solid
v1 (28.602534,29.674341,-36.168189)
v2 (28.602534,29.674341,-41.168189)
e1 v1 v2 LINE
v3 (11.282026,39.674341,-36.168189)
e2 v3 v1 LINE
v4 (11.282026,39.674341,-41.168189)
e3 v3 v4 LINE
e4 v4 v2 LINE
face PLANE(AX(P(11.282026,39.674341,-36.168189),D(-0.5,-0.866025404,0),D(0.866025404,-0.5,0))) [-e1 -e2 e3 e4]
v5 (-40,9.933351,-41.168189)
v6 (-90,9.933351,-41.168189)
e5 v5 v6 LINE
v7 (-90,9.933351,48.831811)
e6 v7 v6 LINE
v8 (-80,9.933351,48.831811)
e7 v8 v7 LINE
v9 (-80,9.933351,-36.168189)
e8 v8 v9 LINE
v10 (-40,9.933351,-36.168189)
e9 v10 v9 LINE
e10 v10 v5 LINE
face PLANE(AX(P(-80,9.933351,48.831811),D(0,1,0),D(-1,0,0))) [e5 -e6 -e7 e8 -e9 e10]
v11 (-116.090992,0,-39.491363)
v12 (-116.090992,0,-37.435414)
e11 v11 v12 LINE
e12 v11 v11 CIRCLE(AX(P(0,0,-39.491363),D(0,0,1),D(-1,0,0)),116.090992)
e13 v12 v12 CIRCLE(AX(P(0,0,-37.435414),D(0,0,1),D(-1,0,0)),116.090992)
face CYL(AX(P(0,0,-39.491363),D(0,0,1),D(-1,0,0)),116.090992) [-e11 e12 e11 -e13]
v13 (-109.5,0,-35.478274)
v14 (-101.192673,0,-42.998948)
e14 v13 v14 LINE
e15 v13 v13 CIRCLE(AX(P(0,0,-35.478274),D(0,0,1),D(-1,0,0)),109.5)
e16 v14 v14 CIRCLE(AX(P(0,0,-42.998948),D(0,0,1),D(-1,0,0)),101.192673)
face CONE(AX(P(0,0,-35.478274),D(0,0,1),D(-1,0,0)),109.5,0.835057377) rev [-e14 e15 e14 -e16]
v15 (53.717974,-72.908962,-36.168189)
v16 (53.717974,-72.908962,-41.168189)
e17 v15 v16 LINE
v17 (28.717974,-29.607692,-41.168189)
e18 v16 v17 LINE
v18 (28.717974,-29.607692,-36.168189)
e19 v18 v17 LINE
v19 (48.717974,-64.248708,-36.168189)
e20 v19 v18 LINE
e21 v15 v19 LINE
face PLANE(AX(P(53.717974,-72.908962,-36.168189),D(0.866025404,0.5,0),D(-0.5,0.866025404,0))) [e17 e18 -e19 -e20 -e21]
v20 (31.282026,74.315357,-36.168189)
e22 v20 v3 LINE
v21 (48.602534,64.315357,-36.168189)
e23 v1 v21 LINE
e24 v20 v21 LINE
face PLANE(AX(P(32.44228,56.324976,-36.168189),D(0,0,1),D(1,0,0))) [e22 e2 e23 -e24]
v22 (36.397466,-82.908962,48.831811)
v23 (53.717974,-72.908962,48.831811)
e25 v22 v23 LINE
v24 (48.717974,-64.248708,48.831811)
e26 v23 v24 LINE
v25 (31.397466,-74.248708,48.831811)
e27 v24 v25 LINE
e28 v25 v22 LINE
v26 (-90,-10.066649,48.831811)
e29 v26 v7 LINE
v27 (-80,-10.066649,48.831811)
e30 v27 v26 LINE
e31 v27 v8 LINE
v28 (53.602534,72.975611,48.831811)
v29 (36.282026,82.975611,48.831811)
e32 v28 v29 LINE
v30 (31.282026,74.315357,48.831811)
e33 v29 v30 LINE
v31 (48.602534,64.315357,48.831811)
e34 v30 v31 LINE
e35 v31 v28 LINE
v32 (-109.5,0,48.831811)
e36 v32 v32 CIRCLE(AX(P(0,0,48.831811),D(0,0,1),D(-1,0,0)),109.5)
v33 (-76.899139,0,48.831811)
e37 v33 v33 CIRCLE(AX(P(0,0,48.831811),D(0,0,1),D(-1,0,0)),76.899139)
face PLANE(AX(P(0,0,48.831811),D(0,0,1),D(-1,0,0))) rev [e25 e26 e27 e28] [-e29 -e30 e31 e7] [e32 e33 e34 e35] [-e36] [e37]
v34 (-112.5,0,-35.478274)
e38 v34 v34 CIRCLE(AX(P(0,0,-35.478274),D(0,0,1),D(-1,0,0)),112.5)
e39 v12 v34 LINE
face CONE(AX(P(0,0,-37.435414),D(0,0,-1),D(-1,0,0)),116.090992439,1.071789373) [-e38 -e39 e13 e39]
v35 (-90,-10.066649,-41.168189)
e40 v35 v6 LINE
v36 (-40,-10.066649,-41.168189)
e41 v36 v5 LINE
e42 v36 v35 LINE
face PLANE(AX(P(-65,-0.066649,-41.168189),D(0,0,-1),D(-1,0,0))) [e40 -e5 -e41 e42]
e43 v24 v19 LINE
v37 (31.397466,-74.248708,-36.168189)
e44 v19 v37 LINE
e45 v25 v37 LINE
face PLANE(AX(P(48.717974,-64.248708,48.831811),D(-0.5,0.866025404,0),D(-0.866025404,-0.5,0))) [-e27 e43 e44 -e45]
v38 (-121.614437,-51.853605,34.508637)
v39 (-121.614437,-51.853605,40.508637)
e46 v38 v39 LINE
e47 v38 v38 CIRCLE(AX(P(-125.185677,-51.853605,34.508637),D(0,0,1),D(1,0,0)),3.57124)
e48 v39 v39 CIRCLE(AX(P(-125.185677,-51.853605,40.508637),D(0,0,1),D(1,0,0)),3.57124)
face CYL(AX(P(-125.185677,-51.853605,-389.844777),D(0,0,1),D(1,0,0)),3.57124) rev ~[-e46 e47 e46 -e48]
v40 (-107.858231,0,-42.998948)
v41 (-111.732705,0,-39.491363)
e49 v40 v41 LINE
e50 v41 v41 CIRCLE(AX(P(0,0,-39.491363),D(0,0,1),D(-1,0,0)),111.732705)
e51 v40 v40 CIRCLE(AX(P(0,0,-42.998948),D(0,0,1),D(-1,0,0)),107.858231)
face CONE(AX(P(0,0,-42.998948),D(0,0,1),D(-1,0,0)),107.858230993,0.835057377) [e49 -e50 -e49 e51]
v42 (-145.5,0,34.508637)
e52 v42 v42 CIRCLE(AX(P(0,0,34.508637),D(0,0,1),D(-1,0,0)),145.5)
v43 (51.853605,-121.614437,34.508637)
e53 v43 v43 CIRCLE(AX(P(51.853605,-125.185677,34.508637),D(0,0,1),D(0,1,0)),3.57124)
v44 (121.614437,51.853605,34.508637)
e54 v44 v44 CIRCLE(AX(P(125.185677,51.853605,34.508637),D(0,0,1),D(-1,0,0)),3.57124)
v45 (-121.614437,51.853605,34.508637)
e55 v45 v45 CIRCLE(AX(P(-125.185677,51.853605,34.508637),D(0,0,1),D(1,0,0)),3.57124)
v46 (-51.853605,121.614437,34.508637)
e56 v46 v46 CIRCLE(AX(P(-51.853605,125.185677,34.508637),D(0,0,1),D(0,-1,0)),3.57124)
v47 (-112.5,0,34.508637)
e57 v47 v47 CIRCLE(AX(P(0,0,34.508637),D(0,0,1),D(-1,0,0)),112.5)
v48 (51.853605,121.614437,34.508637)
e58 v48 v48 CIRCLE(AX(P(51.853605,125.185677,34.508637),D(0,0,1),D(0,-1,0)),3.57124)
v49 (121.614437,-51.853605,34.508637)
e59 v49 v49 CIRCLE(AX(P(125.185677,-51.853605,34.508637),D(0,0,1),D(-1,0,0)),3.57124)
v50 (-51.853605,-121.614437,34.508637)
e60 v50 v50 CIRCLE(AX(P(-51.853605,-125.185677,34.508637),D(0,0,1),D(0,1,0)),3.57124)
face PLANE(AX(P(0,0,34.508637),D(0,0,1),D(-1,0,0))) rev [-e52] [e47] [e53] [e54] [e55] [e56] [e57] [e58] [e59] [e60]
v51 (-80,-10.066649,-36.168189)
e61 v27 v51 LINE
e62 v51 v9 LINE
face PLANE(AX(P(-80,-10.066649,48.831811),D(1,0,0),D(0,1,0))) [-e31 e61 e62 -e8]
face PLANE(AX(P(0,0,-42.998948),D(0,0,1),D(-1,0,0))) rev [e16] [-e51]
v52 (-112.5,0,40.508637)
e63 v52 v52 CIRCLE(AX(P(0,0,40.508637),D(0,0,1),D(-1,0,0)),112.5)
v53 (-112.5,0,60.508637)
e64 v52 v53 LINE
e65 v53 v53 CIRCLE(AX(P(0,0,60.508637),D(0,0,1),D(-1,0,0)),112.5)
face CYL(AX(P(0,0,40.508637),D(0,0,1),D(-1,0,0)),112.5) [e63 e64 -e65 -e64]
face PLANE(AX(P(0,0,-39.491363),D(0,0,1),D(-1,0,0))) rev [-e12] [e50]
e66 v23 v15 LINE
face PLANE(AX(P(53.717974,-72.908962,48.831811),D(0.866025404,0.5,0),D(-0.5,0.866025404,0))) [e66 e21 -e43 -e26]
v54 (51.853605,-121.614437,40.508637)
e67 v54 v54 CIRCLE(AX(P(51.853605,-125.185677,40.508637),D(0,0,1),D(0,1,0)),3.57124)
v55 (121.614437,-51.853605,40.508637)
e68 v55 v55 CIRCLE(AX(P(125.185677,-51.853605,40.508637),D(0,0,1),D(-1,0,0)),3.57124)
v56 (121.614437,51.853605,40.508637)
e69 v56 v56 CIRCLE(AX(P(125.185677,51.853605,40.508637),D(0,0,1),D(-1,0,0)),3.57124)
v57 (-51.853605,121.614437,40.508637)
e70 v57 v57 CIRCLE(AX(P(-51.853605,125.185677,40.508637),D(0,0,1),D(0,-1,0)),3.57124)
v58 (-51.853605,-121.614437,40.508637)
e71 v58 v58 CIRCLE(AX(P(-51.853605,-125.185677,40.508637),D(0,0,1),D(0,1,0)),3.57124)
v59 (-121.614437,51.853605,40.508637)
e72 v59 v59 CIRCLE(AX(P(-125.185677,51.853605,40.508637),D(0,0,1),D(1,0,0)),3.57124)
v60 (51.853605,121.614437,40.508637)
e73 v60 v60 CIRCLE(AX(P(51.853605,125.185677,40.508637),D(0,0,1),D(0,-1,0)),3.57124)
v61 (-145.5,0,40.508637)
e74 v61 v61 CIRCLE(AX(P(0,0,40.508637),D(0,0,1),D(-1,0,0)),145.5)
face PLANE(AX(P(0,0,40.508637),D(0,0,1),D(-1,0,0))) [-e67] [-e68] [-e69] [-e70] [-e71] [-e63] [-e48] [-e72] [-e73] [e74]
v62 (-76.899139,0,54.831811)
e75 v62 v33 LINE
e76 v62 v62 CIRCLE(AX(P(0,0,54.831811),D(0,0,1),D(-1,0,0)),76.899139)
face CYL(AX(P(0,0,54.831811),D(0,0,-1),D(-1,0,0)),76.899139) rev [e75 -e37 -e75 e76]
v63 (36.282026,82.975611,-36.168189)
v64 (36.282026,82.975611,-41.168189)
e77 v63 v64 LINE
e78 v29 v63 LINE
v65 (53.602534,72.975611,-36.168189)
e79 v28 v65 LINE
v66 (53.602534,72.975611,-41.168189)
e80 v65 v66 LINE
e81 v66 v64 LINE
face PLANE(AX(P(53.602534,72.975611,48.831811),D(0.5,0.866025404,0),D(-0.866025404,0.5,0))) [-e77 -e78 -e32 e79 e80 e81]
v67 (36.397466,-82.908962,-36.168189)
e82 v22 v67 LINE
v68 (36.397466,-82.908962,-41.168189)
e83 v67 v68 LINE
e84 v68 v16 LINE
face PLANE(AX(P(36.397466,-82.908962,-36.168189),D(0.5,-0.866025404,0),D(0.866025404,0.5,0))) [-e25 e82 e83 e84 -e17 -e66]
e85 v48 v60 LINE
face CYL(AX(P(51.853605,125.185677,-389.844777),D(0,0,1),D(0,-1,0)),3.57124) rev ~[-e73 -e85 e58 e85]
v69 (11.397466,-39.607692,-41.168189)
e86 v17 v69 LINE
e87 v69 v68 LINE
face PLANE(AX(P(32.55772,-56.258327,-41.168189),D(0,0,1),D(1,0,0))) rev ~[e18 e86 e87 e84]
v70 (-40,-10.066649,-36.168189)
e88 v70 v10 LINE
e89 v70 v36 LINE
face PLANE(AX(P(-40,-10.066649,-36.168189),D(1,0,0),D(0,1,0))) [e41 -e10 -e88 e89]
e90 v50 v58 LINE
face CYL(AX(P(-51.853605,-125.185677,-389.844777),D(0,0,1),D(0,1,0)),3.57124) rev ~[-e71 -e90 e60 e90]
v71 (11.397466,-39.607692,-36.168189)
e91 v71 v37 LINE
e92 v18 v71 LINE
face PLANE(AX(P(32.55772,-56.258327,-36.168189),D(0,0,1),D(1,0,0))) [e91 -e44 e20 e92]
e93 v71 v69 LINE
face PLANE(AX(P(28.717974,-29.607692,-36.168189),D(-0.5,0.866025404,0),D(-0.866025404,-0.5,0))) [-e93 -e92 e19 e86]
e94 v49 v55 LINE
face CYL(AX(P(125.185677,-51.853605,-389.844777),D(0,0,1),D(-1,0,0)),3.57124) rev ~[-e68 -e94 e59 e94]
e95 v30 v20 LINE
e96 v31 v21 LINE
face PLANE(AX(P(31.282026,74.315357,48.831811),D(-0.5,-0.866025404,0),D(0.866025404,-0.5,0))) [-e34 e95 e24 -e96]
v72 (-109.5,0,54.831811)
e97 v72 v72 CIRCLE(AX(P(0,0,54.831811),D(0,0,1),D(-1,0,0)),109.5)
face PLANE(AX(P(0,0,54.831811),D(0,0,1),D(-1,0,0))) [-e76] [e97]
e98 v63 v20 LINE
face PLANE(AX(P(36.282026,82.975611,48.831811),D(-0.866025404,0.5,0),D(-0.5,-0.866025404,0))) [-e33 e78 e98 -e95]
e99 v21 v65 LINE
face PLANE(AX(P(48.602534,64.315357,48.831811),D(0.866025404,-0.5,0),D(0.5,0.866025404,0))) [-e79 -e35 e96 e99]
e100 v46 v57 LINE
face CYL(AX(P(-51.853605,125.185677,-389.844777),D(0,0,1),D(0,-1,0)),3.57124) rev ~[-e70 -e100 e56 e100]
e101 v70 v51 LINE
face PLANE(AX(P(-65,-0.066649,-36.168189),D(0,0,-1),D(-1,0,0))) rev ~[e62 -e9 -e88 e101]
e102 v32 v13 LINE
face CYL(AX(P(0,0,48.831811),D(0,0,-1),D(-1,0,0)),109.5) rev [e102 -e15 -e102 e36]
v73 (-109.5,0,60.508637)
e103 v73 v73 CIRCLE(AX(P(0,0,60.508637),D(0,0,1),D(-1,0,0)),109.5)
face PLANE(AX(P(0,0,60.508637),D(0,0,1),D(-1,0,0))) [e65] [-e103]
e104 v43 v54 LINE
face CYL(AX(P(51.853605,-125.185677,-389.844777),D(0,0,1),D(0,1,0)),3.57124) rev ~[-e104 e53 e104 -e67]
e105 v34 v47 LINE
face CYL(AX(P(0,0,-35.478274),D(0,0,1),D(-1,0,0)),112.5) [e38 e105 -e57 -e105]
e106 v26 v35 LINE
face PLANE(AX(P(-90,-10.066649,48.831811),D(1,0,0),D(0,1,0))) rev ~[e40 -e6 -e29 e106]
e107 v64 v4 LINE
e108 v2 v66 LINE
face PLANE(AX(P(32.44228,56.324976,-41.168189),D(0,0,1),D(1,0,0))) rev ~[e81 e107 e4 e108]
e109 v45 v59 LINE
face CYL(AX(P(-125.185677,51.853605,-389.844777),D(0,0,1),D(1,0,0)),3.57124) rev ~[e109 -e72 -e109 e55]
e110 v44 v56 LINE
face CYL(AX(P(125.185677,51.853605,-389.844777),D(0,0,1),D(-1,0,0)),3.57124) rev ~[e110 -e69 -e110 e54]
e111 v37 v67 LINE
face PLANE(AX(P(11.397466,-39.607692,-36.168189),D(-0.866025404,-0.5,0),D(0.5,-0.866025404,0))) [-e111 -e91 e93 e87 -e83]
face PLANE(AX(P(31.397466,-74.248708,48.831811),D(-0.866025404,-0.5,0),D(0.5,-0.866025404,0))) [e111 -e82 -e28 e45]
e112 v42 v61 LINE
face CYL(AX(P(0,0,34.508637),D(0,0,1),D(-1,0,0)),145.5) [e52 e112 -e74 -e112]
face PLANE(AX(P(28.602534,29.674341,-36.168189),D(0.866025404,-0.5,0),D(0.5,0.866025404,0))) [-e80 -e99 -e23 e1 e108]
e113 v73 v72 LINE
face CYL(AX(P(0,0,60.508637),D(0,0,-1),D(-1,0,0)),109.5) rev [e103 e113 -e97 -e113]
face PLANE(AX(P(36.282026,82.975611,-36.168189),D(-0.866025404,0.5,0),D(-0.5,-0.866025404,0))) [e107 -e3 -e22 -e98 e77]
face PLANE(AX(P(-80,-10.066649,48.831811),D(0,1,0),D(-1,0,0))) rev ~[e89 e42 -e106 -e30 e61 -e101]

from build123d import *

# Parameters (mm, degrees)
HOLE_WIZARD_1_4_1_D      = 7.14248
PATTERN_CIRCULAR_1_COUNT = 4
SKETCH_6_W               = 10
SKETCH_6_H               = 20
EXTRUDE_1_DEPTH          = 85
SKETCH_7_W               = 50
SKETCH_7_H               = 20
EXTRUDE_2_DEPTH          = 5


with BuildPart() as part:
    # ｽｹｯﾁ1 → 回転1 (revolve)
    with BuildSketch(Plane(origin=(0, 0, 0), x_dir=(1, 0, 0), z_dir=(0, 1, 0))):
        Polygon((111.732704886, 39.491362749), (116.090992439, 39.491362749), (116.090992439, 37.435413944), (112.5, 35.478273614), (112.5, -34.508637251), (145.5, -34.508637251), (145.5, -40.508637251), (112.5, -40.508637251), (112.5, -60.508637251), (109.5, -60.508637251), (109.5, -54.831811372), (76.899138585, -54.831811372), (76.899138585, -48.831811372), (109.5, -48.831811372), (109.5, 35.478273614), (101.192673018, 42.998947767), (107.858230993, 42.998947767), align=None)
    revolve(axis=Axis((0, 0, -66.031649095), (0, 0, 1)))

    # 1/4 すきま穴1 (through all)
    with Locations(Plane(origin=(-125.185676655, 51.853605085, 34.508637251), x_dir=(-1, 0, 0), z_dir=(0, 0, -1))):
        with Locations((0, 0), (0, -103.70721017)):
            hole_wizard_1_4_1 = Hole(HOLE_WIZARD_1_4_1_D / 2)

    # 円形ﾊﾟﾀｰﾝ1: 1/4 すきま穴1 ×4 about axis
    pattern_circular_1_axis = Axis((0, 0, -74.086098759), (0, 0, 1))
    for i in range(1, PATTERN_CIRCULAR_1_COUNT):
        add(hole_wizard_1_4_1.rotate(pattern_circular_1_axis, i * 360 / PATTERN_CIRCULAR_1_COUNT), mode=Mode.SUBTRACT)

    # ｽｹｯﾁ6 → ﾎﾞｽ - 押し出し1 (add)
    with BuildSketch(Plane(origin=(0, 0, 48.831811372), x_dir=(-1, 0, 0), z_dir=(0, 0, -1))):
        Polygon((-31.397465716, -74.248707787), (-36.397465716, -82.908961825), (-53.717973792, -72.908961825), (-48.717973792, -64.248707787), align=None)
        with Locations((85, -0.066649031)):
            Rectangle(SKETCH_6_W, SKETCH_6_H)
        Polygon((-48.602534284, 64.315356818), (-53.602534284, 72.975610856), (-36.282026208, 82.975610856), (-31.282026208, 74.315356818), align=None)
    extrude(amount=EXTRUDE_1_DEPTH)

    # ｽｹｯﾁ7 → ﾎﾞｽ - 押し出し2 (add)
    with BuildSketch(Plane(origin=(0, 0, -36.168188628), x_dir=(-1, 0, 0), z_dir=(0, 0, -1))):
        Polygon((-11.397465716, -39.607691636), (-36.397465716, -82.908961825), (-53.717973792, -72.908961825), (-28.717973792, -29.607691636), align=None)
        with Locations((65, -0.066649031)):
            Rectangle(SKETCH_7_W, SKETCH_7_H)
        Polygon((-28.602534284, 29.674340667), (-53.602534284, 72.975610856), (-36.282026208, 82.975610856), (-11.282026208, 39.674340667), align=None)
    extrude(amount=EXTRUDE_2_DEPTH)


solid = part.part
